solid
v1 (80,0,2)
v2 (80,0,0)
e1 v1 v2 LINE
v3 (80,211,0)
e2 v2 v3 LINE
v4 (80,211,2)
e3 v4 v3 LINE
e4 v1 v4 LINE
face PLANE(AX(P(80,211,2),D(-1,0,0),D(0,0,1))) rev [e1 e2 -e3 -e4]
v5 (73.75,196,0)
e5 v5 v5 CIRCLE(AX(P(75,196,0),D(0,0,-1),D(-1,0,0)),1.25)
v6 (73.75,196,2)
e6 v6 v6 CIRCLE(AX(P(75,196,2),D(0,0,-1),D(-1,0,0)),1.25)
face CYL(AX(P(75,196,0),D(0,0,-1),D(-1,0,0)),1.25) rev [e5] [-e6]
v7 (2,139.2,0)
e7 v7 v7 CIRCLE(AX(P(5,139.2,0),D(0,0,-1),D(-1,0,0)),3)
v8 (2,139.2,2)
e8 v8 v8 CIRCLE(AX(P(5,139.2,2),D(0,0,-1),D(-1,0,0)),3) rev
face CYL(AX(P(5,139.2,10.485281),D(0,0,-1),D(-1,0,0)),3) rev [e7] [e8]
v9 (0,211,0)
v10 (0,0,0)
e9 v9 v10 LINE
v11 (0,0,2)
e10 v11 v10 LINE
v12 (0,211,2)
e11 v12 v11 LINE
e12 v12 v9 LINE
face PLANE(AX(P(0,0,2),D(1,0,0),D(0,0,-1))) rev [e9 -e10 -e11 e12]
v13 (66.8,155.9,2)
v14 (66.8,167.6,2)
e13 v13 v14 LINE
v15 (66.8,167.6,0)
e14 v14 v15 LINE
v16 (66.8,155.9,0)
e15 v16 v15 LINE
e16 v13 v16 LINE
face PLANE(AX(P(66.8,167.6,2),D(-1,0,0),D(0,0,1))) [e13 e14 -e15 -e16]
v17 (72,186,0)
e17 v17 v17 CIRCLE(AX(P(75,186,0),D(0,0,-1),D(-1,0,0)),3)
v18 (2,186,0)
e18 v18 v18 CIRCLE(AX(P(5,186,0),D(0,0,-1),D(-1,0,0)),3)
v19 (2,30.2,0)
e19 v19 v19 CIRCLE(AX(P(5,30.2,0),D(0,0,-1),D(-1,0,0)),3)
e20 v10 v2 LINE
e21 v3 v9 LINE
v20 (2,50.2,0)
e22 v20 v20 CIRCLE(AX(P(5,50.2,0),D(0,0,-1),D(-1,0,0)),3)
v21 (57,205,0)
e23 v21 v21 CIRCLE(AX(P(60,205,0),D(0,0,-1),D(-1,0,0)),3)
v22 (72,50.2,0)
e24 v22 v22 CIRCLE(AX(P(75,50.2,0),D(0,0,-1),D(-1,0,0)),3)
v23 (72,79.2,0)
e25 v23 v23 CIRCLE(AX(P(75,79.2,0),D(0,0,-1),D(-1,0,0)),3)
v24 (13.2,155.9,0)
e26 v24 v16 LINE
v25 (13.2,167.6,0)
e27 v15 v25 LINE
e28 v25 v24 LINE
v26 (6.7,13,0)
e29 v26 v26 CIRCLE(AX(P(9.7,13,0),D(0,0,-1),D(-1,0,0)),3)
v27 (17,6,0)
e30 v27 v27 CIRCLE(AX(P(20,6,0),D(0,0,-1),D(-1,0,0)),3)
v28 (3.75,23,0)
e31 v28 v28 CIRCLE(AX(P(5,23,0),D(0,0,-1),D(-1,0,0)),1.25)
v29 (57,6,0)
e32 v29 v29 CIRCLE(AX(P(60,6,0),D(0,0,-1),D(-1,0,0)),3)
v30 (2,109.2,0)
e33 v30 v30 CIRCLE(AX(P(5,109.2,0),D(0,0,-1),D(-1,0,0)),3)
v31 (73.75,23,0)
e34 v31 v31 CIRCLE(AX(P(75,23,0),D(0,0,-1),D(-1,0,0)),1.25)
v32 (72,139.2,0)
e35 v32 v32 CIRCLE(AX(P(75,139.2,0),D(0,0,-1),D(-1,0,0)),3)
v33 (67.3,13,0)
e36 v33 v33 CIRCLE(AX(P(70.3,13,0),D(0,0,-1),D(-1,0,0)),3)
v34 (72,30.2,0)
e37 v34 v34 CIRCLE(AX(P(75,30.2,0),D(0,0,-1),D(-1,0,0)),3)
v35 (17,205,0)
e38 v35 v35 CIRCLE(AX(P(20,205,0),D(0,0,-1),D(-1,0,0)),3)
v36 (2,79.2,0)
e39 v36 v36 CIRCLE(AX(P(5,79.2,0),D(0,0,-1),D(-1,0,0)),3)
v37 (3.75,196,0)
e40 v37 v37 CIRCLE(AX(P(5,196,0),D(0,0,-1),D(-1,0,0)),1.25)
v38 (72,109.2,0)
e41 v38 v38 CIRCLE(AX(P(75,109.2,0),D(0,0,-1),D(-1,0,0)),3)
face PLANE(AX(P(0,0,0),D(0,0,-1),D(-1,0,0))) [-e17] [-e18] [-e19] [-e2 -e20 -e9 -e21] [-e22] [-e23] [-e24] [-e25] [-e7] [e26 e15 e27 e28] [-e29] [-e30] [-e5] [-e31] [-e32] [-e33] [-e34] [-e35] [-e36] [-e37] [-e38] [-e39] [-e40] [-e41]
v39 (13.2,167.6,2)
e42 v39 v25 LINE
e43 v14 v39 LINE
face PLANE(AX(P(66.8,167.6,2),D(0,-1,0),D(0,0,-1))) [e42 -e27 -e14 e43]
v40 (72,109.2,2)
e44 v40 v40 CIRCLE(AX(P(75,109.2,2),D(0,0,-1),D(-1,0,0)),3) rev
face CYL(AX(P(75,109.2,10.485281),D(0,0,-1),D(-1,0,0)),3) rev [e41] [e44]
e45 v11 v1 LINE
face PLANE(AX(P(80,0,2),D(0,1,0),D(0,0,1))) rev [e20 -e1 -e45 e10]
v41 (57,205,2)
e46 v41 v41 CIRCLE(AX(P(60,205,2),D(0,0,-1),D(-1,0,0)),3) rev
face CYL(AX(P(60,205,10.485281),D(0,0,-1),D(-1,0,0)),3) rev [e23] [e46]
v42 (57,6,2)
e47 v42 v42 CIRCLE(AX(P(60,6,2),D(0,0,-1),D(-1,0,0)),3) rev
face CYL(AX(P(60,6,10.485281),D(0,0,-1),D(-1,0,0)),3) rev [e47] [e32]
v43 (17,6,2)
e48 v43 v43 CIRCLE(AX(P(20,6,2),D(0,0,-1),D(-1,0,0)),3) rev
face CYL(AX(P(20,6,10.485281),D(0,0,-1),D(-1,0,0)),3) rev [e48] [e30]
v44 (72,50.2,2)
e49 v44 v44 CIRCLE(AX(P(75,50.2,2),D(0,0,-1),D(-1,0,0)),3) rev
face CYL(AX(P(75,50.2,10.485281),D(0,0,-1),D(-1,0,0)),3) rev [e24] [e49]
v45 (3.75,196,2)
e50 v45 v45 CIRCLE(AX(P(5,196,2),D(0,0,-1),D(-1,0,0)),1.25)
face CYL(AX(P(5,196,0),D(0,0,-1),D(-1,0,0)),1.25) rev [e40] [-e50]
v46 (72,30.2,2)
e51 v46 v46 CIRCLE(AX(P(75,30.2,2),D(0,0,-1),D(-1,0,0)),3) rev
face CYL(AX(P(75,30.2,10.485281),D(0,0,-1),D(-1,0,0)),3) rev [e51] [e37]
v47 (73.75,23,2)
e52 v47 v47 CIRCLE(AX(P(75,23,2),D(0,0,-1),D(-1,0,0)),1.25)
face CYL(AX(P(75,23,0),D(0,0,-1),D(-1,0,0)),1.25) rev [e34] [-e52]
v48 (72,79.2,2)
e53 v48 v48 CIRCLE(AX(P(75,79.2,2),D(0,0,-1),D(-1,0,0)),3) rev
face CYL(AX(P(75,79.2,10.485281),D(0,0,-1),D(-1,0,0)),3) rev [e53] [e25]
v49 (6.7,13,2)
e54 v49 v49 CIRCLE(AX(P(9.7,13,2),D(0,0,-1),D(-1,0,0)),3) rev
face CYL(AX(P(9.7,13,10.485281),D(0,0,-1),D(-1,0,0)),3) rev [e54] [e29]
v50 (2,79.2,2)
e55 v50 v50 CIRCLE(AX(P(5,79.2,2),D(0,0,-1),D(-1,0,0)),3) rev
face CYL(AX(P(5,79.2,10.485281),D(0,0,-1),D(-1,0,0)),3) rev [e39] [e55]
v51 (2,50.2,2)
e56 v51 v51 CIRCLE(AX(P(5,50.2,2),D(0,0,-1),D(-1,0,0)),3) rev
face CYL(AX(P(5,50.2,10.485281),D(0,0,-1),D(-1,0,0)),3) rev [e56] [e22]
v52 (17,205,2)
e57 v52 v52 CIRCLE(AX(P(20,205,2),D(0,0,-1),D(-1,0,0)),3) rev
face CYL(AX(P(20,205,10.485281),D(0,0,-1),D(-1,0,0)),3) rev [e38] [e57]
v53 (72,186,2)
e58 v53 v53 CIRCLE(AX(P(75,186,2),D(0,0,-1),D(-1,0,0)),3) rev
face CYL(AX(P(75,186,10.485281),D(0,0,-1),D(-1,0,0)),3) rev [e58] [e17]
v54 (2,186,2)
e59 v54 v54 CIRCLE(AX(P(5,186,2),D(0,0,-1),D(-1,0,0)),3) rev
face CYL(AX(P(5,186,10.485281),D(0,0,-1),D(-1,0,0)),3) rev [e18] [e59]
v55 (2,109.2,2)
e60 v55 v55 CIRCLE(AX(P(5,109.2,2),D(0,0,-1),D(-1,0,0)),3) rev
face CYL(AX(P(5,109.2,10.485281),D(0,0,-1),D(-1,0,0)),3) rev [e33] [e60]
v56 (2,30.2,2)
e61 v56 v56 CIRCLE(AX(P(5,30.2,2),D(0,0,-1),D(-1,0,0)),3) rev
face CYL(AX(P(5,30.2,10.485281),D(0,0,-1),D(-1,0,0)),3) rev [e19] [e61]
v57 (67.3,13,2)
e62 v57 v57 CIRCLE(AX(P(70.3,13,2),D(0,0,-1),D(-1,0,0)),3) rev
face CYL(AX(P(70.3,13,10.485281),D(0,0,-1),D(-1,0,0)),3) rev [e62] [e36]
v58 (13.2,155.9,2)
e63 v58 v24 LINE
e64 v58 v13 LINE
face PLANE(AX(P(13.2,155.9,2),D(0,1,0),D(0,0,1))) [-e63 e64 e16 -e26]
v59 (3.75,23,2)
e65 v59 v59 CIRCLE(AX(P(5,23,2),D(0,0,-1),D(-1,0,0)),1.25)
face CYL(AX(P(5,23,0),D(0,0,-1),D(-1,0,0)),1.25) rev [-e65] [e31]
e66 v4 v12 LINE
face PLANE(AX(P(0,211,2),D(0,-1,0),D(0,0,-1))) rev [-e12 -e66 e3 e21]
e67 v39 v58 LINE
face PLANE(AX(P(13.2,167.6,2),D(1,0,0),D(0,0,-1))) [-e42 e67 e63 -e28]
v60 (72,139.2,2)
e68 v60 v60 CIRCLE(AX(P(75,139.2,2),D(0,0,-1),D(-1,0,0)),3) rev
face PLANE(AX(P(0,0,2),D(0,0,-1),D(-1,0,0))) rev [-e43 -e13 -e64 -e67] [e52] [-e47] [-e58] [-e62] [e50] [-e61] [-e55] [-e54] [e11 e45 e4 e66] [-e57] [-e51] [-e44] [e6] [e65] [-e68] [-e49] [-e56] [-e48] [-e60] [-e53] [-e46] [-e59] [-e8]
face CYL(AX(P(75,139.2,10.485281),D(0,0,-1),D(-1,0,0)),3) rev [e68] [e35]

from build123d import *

# Parameters (mm, degrees)
SKETCH2_W                 = 80
SKETCH2_H                 = 211
SKETCH2_W_2               = 53.6
SKETCH2_H_2               = 11.7
BOSS_EXTRUDE1_DEPTH       = 2
M3X0_5_TAPPED_HOLE1_D     = 2.5
M3X0_5_TAPPED_HOLE1_DEPTH = 10
M3X0_5_TAPPED_HOLE1_TIP   = 0.751075774
SKETCH7_R                 = 3
CUT_EXTRUDE1_DEPTH        = 2


with BuildPart() as part:
    # Sketch2 → Boss-Extrude1 (new body)
    with BuildSketch(Plane.XY):
        with Locations((40, 105.5)):
            Rectangle(SKETCH2_W, SKETCH2_H)
        with Locations((40, 161.75)):
            Rectangle(SKETCH2_W_2, SKETCH2_H_2, mode=Mode.SUBTRACT)
    extrude(amount=BOSS_EXTRUDE1_DEPTH)

    # M3x0.5 Tapped Hole1
    with Locations(Plane(origin=(0, 0, 0), x_dir=(-1, 0, 0), z_dir=(0, 0, -1))):
        with Locations((-75, 196), (-5, 196), (-75, 23), (-5, 23)):
            Hole(M3X0_5_TAPPED_HOLE1_D / 2, depth=M3X0_5_TAPPED_HOLE1_DEPTH)
            with Locations((0, 0, -(M3X0_5_TAPPED_HOLE1_DEPTH + M3X0_5_TAPPED_HOLE1_TIP / 2))):  # 118° drill point
                Cone(0, M3X0_5_TAPPED_HOLE1_D / 2, M3X0_5_TAPPED_HOLE1_TIP, mode=Mode.SUBTRACT)

    # Sketch7 → Cut-Extrude1 (cut)
    with BuildSketch(Plane(origin=(0, 0, 0), x_dir=(-1, 0, 0), z_dir=(0, 0, -1))):
        with Locations((-75, 186)):
            Circle(SKETCH7_R)
        with Locations((-75, 139.2)):
            Circle(SKETCH7_R)
        with Locations((-75, 109.2)):
            Circle(SKETCH7_R)
        with Locations((-75, 79.2)):
            Circle(SKETCH7_R)
        with Locations((-75, 50.2)):
            Circle(SKETCH7_R)
        with Locations((-75, 30.2)):
            Circle(SKETCH7_R)
        with Locations((-5, 186)):
            Circle(SKETCH7_R)
        with Locations((-5, 139.2)):
            Circle(SKETCH7_R)
        with Locations((-5, 109.2)):
            Circle(SKETCH7_R)
        with Locations((-5, 79.2)):
            Circle(SKETCH7_R)
        with Locations((-5, 50.2)):
            Circle(SKETCH7_R)
        with Locations((-5, 30.2)):
            Circle(SKETCH7_R)
        with Locations((-70.3, 13)):
            Circle(SKETCH7_R)
        with Locations((-60, 205)):
            Circle(SKETCH7_R)
        with Locations((-20, 205)):
            Circle(SKETCH7_R)
        with Locations((-60, 6)):
            Circle(SKETCH7_R)
        with Locations((-20, 6)):
            Circle(SKETCH7_R)
        with Locations((-9.7, 13)):
            Circle(SKETCH7_R)
    extrude(amount=-CUT_EXTRUDE1_DEPTH, mode=Mode.SUBTRACT)


solid = part.part
